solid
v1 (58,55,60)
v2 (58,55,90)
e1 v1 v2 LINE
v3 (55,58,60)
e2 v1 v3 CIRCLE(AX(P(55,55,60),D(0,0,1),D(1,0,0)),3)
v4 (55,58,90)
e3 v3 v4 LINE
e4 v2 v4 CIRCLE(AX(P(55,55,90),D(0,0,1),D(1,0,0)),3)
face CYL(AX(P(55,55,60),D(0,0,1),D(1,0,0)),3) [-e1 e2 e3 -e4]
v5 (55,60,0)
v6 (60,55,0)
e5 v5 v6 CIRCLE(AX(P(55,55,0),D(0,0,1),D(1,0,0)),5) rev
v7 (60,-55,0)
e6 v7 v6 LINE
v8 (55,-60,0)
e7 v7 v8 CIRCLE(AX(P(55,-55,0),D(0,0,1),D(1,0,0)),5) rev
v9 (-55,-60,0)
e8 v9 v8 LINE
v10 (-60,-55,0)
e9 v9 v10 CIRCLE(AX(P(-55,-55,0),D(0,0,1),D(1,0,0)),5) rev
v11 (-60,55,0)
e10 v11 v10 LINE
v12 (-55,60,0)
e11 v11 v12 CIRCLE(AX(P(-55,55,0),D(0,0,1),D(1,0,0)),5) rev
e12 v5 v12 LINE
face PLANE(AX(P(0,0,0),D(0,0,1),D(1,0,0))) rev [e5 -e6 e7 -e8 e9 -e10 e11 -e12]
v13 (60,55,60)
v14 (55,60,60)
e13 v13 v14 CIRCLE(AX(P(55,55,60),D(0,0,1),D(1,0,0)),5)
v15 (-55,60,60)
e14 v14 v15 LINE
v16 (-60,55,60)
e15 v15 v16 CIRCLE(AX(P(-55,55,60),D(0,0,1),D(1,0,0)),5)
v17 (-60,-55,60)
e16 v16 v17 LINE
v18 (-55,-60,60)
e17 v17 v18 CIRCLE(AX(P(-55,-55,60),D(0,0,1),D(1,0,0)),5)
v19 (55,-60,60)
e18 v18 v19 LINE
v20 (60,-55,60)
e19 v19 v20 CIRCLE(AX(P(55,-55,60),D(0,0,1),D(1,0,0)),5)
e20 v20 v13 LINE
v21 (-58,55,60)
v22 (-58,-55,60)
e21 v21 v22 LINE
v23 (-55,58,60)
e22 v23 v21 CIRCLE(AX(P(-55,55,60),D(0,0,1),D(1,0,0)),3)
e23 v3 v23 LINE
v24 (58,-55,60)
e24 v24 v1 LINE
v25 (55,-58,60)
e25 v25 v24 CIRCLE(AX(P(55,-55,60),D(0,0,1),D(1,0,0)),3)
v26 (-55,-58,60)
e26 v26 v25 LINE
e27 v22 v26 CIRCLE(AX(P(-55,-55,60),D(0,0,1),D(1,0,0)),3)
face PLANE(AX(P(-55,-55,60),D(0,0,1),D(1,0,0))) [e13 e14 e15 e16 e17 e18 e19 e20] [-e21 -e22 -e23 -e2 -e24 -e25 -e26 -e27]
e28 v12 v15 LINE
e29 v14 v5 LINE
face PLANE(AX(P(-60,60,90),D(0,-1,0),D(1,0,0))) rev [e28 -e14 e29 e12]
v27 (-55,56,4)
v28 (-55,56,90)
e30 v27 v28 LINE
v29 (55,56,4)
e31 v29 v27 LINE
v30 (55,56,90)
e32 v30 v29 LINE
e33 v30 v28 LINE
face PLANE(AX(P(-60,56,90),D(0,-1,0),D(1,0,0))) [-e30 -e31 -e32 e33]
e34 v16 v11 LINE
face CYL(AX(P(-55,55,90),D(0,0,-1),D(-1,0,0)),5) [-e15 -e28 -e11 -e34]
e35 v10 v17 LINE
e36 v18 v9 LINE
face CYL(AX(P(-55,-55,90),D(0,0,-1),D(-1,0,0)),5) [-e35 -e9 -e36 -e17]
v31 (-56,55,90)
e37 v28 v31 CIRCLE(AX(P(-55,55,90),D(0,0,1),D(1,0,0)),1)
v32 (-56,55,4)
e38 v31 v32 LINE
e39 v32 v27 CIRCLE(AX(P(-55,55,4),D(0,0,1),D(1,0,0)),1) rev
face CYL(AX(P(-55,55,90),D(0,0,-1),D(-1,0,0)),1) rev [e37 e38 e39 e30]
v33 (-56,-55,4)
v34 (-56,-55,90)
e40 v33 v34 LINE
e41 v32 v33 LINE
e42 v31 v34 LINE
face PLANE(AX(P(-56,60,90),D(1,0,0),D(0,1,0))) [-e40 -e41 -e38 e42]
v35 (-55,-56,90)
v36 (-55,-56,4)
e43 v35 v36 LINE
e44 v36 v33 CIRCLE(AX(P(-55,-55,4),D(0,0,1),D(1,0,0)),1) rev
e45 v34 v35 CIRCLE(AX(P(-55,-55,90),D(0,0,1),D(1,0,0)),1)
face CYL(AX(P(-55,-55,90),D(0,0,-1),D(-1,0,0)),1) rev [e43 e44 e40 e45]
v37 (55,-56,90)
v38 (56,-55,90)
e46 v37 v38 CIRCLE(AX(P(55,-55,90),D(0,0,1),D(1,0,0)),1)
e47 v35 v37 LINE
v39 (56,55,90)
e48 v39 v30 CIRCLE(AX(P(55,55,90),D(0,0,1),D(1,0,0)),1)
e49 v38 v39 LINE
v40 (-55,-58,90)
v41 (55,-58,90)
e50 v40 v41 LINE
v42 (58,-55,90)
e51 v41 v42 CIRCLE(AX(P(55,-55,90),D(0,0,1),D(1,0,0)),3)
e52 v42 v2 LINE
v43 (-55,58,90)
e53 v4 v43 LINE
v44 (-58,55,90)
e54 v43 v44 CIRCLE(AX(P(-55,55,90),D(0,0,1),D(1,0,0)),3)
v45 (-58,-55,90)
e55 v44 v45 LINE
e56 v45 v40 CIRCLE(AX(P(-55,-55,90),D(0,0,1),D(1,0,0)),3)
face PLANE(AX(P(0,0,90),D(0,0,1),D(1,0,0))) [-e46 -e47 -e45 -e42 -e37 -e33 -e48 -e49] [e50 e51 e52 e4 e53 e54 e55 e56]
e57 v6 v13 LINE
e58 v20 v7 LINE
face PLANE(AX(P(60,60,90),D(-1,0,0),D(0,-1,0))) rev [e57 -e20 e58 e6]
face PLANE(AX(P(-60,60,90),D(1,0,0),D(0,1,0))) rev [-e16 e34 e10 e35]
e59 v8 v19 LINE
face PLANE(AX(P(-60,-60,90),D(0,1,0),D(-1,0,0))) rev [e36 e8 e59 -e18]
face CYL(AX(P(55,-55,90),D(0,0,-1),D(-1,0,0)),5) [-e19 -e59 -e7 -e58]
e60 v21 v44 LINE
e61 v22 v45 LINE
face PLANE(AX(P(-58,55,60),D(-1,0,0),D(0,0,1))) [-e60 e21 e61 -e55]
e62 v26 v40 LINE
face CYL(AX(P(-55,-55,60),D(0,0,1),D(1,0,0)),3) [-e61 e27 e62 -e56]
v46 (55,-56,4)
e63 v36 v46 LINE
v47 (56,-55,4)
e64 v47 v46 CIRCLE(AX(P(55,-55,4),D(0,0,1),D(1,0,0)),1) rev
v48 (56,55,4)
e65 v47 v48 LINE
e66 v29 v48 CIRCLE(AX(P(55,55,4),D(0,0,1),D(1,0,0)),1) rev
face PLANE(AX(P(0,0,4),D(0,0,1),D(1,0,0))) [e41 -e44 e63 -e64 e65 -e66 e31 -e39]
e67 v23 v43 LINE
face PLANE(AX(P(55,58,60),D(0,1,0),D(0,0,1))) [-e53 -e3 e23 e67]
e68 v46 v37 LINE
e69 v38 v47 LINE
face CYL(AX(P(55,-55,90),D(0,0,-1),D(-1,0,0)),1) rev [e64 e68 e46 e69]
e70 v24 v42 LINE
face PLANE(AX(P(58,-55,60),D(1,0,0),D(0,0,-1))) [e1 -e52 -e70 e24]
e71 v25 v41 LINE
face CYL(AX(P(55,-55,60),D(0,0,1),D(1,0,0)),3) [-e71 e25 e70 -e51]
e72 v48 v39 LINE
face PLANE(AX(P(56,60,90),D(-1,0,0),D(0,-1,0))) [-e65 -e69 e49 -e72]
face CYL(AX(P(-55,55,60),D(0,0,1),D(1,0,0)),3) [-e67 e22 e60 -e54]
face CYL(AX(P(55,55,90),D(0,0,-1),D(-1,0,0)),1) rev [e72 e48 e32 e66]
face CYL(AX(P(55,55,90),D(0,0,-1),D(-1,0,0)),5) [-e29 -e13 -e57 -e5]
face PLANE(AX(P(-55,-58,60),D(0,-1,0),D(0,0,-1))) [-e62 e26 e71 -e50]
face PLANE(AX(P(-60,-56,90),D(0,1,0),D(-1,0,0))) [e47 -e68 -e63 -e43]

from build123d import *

# Parameters (mm, degrees)
SKETCH1_W           = 120
SKETCH1_H           = 120
BOSS_EXTRUDE1_DEPTH = 90
FILLET1_R           = 5
SHELL1_T            = -4
CUT_EXTRUDE1_DEPTH  = 30


with BuildPart() as part:
    # Sketch1 → Boss-Extrude1 (new body)
    with BuildSketch(Plane.XY):
        Rectangle(SKETCH1_W, SKETCH1_H)
    extrude(amount=BOSS_EXTRUDE1_DEPTH)

    # Fillet1
    fillet1_edges = [part.edges().sort_by_distance(p)[0] for p in [
        (60, -60, 45),
        (-60, -60, 45),
        (-60, 60, 45),
        (60, 60, 45),
    ]]
    fillet(fillet1_edges, radius=FILLET1_R)

    # Shell1
    shell1_openings = [part.faces().sort_by_distance(p)[0] for p in [
        (0, 0, 90),
    ]]
    offset(amount=SHELL1_T, openings=shell1_openings, kind=Kind.INTERSECTION)

    # Sketch2 → Cut-Extrude1 (cut)
    with BuildSketch(Plane.XY.offset(90)):
        with BuildLine():
            Line((-55, -60), (55, -60))
            ThreePointArc((55, -60), (58.535533906, -58.535533906), (60, -55))
            Line((60, -55), (60, 55))
            ThreePointArc((60, 55), (58.535533906, 58.535533906), (55, 60))
            Line((55, 60), (-55, 60))
            ThreePointArc((-55, 60), (-58.535533906, 58.535533906), (-60, 55))
            Line((-60, 55), (-60, -55))
            ThreePointArc((-60, -55), (-58.535533906, -58.535533906), (-55, -60))
        make_face()
        with BuildLine():
            Line((55, 58), (-55, 58))
            ThreePointArc((-55, 58), (-57.121320344, 57.121320344), (-58, 55))
            Line((-58, 55), (-58, -55))
            ThreePointArc((-58, -55), (-57.121320344, -57.121320344), (-55, -58))
            Line((-55, -58), (55, -58))
            ThreePointArc((55, -58), (57.121320344, -57.121320344), (58, -55))
            Line((58, -55), (58, 55))
            ThreePointArc((58, 55), (57.121320344, 57.121320344), (55, 58))
        make_face(mode=Mode.SUBTRACT)
    extrude(amount=-CUT_EXTRUDE1_DEPTH, mode=Mode.SUBTRACT)


solid = part.part
